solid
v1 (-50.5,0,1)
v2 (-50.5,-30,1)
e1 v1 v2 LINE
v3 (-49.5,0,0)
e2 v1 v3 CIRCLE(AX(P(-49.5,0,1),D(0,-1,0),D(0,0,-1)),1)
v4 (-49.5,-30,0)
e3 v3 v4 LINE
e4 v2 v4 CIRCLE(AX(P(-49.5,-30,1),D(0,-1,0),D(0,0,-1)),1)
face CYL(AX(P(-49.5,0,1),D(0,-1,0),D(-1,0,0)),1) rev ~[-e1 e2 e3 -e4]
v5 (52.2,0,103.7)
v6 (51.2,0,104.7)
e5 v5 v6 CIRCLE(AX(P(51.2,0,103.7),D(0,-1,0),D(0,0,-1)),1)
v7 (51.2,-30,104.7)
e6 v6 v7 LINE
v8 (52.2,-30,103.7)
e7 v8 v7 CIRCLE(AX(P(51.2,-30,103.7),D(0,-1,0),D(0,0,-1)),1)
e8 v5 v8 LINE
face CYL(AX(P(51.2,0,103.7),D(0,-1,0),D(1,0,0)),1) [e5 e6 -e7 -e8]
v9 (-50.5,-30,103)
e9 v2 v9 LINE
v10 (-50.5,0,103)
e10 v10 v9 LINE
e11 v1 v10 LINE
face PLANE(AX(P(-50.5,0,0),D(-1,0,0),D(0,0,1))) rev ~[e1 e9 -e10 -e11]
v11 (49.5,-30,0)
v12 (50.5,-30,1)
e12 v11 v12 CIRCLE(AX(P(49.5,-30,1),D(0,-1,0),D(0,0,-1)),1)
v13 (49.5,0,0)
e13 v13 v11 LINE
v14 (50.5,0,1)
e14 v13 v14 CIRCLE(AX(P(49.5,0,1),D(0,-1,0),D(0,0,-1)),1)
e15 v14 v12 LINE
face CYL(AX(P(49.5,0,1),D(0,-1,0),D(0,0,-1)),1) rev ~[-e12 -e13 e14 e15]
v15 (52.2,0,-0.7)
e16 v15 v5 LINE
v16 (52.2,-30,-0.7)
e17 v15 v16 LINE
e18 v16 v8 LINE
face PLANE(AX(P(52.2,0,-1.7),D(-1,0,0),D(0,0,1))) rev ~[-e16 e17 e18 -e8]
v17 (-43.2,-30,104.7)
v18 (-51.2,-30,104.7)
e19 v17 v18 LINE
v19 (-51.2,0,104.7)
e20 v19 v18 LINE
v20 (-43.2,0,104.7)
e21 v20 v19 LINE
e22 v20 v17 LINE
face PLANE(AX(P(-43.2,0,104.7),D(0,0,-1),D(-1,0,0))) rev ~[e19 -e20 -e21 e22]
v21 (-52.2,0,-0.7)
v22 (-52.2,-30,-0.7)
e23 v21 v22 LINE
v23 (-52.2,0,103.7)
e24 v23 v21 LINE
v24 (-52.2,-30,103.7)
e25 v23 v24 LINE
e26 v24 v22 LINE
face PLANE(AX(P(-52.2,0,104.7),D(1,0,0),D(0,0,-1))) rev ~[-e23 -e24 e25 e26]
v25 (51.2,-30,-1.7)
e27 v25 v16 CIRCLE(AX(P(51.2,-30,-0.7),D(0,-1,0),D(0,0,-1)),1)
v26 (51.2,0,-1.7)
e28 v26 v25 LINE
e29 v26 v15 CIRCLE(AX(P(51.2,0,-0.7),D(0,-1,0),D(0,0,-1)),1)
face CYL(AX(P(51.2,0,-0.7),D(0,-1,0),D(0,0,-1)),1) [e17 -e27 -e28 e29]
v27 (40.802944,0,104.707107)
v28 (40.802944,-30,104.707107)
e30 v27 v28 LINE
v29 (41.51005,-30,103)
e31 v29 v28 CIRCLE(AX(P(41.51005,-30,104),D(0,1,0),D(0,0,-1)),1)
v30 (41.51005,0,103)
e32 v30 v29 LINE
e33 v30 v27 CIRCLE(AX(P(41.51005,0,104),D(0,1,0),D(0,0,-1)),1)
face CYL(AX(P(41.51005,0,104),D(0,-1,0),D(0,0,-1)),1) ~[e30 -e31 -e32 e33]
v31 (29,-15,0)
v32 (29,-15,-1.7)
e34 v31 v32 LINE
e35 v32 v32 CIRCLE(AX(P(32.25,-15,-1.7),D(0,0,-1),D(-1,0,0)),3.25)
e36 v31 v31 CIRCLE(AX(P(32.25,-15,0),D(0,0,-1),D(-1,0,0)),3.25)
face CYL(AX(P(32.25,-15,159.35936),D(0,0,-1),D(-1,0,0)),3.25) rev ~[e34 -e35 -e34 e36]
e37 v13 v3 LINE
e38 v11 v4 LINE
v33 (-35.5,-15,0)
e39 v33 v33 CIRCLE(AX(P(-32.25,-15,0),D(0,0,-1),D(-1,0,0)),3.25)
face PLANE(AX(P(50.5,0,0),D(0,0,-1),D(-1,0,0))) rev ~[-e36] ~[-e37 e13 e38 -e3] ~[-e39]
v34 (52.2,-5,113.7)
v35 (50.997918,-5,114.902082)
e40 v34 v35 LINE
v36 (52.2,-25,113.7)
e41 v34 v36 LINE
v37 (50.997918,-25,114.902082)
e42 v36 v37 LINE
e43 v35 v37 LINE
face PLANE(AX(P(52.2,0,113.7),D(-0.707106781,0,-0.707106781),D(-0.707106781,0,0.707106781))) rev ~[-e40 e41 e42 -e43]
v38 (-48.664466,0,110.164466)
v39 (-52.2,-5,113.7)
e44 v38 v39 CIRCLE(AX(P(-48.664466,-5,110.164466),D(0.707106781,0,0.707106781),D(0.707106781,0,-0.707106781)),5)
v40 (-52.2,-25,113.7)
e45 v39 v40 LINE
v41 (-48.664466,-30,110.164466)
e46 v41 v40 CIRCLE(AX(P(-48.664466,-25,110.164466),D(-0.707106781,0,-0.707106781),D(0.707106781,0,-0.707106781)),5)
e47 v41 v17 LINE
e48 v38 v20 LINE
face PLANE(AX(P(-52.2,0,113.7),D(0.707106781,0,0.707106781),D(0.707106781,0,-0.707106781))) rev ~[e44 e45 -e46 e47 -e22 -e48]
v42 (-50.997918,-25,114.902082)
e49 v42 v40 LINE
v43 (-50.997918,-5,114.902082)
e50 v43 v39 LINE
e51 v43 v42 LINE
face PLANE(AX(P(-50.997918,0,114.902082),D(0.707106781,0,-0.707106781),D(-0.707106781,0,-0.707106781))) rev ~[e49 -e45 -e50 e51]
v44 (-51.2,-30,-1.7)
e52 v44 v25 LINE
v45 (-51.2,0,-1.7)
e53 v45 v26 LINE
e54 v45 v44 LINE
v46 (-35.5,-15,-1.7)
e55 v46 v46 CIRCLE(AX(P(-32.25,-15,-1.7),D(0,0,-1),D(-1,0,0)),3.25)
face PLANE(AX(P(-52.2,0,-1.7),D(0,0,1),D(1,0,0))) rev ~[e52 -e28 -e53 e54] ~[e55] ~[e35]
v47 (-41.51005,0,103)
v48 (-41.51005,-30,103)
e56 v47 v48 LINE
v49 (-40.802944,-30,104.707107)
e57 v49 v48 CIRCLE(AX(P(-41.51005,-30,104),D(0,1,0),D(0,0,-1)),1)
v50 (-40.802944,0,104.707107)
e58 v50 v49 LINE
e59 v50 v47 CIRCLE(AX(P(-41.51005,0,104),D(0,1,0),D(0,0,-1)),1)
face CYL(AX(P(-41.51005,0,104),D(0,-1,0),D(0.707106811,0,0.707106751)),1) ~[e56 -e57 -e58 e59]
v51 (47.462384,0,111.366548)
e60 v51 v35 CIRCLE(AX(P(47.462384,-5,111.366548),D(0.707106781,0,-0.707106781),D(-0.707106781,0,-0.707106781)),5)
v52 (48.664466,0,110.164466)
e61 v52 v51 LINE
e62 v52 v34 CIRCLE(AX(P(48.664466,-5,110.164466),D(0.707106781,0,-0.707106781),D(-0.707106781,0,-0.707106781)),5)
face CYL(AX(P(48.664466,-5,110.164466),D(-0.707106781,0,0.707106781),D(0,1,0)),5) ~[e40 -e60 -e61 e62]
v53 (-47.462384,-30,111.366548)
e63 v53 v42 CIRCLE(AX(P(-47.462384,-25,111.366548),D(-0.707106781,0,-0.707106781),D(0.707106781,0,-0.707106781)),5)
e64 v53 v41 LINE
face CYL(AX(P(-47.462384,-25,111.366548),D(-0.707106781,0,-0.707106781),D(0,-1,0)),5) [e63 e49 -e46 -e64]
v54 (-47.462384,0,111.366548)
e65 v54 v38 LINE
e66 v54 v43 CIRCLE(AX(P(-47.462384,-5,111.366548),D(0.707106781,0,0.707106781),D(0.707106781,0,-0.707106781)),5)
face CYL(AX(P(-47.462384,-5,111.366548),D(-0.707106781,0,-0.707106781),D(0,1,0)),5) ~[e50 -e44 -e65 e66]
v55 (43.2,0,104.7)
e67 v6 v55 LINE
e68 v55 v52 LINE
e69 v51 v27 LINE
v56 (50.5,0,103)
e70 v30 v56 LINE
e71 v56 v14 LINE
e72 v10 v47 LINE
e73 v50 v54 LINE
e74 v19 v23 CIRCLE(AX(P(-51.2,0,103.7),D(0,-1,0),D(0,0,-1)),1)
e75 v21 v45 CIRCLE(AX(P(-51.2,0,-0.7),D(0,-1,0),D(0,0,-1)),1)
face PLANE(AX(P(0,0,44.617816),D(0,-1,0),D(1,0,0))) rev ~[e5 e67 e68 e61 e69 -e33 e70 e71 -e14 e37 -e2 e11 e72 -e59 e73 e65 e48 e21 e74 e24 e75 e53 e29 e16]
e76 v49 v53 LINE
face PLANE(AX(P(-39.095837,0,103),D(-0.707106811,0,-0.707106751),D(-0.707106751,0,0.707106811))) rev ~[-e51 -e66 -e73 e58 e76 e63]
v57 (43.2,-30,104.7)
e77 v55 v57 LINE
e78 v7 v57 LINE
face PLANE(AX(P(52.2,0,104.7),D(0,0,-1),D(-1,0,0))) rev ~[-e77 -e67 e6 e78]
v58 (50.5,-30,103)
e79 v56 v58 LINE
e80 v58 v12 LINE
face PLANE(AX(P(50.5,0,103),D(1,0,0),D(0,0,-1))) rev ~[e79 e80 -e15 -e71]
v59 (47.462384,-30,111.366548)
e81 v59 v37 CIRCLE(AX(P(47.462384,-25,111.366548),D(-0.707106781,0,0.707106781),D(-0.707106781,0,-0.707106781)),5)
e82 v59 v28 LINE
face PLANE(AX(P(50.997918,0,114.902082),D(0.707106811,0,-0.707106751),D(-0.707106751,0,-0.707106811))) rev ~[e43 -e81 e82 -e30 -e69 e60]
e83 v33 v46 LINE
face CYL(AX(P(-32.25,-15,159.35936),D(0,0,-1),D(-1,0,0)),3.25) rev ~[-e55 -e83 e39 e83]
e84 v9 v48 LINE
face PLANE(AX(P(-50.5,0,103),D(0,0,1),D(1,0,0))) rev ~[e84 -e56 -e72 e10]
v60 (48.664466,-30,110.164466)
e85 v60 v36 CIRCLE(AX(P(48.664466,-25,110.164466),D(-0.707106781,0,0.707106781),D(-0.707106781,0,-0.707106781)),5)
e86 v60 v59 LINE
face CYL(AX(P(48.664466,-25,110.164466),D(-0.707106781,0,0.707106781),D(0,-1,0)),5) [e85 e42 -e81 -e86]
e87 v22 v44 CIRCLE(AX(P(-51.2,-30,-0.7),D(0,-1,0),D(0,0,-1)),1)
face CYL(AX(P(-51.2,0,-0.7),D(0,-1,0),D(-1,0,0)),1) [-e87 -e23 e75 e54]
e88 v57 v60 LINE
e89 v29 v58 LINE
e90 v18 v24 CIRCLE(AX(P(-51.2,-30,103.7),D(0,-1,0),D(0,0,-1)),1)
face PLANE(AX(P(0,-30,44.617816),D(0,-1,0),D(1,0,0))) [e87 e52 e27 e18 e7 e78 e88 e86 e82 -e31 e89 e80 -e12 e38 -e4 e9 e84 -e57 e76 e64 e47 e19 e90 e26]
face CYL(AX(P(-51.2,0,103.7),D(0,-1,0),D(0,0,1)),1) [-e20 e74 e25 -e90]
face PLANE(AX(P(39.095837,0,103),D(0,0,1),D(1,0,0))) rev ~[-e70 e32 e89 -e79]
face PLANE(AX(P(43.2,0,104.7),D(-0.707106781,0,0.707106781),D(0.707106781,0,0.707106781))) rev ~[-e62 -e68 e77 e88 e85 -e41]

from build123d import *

# Parameters (mm, degrees)
F1_DEPTH = 30
F3_D     = 6.5
F4_R     = 5
F5_R     = 1


with BuildPart() as f1:
    # F0 (on Front) → F1 (new body)
    with BuildSketch(Plane.XZ):
        Polygon((50.5, 0), (0, 0), (-50.5, 0), (-50.5, 103), (-41.288837, 103), (-39.095837, 103), (-50.997918, 114.902082), (-52.2, 113.7), (-43.2, 104.7), (-52.2, 104.7), (-52.2, -1.7), (0, -1.7), (52.2, -1.7), (52.2, 104.7), (43.2, 104.7), (52.2, 113.7), (50.997918, 114.902082), (39.095837, 103), (41.288837, 103), (50.5, 103), align=None)
    extrude(amount=F1_DEPTH)

    # F3 (through all)
    with Locations(Plane.XY):
        with Locations((32.25, -15), (-32.25, -15)):
            Hole(F3_D / 2)

    # F4
    f4_edges = [f1.edges().sort_by_distance(p)[0] for p in [
        (-51.598959, 0, 114.301041),
        (-51.598959, -30, 114.301041),
        (51.598959, 0, 114.301041),
        (51.598959, -30, 114.301041),
    ]]
    fillet(f4_edges, radius=F4_R)

    # F5
    f5_edges = [f1.edges().sort_by_distance(p)[0] for p in [
        (52.2, -15, 104.7),
        (-39.095837, -15, 103),
        (-52.2, -15, 104.7),
        (-50.5, -15, 0),
        (52.2, -15, -1.7),
        (39.095837, -15, 103),
        (50.5, -15, 0),
        (-52.2, -15, -1.7),
    ]]
    fillet(f5_edges, radius=F5_R)


solid = f1.part
